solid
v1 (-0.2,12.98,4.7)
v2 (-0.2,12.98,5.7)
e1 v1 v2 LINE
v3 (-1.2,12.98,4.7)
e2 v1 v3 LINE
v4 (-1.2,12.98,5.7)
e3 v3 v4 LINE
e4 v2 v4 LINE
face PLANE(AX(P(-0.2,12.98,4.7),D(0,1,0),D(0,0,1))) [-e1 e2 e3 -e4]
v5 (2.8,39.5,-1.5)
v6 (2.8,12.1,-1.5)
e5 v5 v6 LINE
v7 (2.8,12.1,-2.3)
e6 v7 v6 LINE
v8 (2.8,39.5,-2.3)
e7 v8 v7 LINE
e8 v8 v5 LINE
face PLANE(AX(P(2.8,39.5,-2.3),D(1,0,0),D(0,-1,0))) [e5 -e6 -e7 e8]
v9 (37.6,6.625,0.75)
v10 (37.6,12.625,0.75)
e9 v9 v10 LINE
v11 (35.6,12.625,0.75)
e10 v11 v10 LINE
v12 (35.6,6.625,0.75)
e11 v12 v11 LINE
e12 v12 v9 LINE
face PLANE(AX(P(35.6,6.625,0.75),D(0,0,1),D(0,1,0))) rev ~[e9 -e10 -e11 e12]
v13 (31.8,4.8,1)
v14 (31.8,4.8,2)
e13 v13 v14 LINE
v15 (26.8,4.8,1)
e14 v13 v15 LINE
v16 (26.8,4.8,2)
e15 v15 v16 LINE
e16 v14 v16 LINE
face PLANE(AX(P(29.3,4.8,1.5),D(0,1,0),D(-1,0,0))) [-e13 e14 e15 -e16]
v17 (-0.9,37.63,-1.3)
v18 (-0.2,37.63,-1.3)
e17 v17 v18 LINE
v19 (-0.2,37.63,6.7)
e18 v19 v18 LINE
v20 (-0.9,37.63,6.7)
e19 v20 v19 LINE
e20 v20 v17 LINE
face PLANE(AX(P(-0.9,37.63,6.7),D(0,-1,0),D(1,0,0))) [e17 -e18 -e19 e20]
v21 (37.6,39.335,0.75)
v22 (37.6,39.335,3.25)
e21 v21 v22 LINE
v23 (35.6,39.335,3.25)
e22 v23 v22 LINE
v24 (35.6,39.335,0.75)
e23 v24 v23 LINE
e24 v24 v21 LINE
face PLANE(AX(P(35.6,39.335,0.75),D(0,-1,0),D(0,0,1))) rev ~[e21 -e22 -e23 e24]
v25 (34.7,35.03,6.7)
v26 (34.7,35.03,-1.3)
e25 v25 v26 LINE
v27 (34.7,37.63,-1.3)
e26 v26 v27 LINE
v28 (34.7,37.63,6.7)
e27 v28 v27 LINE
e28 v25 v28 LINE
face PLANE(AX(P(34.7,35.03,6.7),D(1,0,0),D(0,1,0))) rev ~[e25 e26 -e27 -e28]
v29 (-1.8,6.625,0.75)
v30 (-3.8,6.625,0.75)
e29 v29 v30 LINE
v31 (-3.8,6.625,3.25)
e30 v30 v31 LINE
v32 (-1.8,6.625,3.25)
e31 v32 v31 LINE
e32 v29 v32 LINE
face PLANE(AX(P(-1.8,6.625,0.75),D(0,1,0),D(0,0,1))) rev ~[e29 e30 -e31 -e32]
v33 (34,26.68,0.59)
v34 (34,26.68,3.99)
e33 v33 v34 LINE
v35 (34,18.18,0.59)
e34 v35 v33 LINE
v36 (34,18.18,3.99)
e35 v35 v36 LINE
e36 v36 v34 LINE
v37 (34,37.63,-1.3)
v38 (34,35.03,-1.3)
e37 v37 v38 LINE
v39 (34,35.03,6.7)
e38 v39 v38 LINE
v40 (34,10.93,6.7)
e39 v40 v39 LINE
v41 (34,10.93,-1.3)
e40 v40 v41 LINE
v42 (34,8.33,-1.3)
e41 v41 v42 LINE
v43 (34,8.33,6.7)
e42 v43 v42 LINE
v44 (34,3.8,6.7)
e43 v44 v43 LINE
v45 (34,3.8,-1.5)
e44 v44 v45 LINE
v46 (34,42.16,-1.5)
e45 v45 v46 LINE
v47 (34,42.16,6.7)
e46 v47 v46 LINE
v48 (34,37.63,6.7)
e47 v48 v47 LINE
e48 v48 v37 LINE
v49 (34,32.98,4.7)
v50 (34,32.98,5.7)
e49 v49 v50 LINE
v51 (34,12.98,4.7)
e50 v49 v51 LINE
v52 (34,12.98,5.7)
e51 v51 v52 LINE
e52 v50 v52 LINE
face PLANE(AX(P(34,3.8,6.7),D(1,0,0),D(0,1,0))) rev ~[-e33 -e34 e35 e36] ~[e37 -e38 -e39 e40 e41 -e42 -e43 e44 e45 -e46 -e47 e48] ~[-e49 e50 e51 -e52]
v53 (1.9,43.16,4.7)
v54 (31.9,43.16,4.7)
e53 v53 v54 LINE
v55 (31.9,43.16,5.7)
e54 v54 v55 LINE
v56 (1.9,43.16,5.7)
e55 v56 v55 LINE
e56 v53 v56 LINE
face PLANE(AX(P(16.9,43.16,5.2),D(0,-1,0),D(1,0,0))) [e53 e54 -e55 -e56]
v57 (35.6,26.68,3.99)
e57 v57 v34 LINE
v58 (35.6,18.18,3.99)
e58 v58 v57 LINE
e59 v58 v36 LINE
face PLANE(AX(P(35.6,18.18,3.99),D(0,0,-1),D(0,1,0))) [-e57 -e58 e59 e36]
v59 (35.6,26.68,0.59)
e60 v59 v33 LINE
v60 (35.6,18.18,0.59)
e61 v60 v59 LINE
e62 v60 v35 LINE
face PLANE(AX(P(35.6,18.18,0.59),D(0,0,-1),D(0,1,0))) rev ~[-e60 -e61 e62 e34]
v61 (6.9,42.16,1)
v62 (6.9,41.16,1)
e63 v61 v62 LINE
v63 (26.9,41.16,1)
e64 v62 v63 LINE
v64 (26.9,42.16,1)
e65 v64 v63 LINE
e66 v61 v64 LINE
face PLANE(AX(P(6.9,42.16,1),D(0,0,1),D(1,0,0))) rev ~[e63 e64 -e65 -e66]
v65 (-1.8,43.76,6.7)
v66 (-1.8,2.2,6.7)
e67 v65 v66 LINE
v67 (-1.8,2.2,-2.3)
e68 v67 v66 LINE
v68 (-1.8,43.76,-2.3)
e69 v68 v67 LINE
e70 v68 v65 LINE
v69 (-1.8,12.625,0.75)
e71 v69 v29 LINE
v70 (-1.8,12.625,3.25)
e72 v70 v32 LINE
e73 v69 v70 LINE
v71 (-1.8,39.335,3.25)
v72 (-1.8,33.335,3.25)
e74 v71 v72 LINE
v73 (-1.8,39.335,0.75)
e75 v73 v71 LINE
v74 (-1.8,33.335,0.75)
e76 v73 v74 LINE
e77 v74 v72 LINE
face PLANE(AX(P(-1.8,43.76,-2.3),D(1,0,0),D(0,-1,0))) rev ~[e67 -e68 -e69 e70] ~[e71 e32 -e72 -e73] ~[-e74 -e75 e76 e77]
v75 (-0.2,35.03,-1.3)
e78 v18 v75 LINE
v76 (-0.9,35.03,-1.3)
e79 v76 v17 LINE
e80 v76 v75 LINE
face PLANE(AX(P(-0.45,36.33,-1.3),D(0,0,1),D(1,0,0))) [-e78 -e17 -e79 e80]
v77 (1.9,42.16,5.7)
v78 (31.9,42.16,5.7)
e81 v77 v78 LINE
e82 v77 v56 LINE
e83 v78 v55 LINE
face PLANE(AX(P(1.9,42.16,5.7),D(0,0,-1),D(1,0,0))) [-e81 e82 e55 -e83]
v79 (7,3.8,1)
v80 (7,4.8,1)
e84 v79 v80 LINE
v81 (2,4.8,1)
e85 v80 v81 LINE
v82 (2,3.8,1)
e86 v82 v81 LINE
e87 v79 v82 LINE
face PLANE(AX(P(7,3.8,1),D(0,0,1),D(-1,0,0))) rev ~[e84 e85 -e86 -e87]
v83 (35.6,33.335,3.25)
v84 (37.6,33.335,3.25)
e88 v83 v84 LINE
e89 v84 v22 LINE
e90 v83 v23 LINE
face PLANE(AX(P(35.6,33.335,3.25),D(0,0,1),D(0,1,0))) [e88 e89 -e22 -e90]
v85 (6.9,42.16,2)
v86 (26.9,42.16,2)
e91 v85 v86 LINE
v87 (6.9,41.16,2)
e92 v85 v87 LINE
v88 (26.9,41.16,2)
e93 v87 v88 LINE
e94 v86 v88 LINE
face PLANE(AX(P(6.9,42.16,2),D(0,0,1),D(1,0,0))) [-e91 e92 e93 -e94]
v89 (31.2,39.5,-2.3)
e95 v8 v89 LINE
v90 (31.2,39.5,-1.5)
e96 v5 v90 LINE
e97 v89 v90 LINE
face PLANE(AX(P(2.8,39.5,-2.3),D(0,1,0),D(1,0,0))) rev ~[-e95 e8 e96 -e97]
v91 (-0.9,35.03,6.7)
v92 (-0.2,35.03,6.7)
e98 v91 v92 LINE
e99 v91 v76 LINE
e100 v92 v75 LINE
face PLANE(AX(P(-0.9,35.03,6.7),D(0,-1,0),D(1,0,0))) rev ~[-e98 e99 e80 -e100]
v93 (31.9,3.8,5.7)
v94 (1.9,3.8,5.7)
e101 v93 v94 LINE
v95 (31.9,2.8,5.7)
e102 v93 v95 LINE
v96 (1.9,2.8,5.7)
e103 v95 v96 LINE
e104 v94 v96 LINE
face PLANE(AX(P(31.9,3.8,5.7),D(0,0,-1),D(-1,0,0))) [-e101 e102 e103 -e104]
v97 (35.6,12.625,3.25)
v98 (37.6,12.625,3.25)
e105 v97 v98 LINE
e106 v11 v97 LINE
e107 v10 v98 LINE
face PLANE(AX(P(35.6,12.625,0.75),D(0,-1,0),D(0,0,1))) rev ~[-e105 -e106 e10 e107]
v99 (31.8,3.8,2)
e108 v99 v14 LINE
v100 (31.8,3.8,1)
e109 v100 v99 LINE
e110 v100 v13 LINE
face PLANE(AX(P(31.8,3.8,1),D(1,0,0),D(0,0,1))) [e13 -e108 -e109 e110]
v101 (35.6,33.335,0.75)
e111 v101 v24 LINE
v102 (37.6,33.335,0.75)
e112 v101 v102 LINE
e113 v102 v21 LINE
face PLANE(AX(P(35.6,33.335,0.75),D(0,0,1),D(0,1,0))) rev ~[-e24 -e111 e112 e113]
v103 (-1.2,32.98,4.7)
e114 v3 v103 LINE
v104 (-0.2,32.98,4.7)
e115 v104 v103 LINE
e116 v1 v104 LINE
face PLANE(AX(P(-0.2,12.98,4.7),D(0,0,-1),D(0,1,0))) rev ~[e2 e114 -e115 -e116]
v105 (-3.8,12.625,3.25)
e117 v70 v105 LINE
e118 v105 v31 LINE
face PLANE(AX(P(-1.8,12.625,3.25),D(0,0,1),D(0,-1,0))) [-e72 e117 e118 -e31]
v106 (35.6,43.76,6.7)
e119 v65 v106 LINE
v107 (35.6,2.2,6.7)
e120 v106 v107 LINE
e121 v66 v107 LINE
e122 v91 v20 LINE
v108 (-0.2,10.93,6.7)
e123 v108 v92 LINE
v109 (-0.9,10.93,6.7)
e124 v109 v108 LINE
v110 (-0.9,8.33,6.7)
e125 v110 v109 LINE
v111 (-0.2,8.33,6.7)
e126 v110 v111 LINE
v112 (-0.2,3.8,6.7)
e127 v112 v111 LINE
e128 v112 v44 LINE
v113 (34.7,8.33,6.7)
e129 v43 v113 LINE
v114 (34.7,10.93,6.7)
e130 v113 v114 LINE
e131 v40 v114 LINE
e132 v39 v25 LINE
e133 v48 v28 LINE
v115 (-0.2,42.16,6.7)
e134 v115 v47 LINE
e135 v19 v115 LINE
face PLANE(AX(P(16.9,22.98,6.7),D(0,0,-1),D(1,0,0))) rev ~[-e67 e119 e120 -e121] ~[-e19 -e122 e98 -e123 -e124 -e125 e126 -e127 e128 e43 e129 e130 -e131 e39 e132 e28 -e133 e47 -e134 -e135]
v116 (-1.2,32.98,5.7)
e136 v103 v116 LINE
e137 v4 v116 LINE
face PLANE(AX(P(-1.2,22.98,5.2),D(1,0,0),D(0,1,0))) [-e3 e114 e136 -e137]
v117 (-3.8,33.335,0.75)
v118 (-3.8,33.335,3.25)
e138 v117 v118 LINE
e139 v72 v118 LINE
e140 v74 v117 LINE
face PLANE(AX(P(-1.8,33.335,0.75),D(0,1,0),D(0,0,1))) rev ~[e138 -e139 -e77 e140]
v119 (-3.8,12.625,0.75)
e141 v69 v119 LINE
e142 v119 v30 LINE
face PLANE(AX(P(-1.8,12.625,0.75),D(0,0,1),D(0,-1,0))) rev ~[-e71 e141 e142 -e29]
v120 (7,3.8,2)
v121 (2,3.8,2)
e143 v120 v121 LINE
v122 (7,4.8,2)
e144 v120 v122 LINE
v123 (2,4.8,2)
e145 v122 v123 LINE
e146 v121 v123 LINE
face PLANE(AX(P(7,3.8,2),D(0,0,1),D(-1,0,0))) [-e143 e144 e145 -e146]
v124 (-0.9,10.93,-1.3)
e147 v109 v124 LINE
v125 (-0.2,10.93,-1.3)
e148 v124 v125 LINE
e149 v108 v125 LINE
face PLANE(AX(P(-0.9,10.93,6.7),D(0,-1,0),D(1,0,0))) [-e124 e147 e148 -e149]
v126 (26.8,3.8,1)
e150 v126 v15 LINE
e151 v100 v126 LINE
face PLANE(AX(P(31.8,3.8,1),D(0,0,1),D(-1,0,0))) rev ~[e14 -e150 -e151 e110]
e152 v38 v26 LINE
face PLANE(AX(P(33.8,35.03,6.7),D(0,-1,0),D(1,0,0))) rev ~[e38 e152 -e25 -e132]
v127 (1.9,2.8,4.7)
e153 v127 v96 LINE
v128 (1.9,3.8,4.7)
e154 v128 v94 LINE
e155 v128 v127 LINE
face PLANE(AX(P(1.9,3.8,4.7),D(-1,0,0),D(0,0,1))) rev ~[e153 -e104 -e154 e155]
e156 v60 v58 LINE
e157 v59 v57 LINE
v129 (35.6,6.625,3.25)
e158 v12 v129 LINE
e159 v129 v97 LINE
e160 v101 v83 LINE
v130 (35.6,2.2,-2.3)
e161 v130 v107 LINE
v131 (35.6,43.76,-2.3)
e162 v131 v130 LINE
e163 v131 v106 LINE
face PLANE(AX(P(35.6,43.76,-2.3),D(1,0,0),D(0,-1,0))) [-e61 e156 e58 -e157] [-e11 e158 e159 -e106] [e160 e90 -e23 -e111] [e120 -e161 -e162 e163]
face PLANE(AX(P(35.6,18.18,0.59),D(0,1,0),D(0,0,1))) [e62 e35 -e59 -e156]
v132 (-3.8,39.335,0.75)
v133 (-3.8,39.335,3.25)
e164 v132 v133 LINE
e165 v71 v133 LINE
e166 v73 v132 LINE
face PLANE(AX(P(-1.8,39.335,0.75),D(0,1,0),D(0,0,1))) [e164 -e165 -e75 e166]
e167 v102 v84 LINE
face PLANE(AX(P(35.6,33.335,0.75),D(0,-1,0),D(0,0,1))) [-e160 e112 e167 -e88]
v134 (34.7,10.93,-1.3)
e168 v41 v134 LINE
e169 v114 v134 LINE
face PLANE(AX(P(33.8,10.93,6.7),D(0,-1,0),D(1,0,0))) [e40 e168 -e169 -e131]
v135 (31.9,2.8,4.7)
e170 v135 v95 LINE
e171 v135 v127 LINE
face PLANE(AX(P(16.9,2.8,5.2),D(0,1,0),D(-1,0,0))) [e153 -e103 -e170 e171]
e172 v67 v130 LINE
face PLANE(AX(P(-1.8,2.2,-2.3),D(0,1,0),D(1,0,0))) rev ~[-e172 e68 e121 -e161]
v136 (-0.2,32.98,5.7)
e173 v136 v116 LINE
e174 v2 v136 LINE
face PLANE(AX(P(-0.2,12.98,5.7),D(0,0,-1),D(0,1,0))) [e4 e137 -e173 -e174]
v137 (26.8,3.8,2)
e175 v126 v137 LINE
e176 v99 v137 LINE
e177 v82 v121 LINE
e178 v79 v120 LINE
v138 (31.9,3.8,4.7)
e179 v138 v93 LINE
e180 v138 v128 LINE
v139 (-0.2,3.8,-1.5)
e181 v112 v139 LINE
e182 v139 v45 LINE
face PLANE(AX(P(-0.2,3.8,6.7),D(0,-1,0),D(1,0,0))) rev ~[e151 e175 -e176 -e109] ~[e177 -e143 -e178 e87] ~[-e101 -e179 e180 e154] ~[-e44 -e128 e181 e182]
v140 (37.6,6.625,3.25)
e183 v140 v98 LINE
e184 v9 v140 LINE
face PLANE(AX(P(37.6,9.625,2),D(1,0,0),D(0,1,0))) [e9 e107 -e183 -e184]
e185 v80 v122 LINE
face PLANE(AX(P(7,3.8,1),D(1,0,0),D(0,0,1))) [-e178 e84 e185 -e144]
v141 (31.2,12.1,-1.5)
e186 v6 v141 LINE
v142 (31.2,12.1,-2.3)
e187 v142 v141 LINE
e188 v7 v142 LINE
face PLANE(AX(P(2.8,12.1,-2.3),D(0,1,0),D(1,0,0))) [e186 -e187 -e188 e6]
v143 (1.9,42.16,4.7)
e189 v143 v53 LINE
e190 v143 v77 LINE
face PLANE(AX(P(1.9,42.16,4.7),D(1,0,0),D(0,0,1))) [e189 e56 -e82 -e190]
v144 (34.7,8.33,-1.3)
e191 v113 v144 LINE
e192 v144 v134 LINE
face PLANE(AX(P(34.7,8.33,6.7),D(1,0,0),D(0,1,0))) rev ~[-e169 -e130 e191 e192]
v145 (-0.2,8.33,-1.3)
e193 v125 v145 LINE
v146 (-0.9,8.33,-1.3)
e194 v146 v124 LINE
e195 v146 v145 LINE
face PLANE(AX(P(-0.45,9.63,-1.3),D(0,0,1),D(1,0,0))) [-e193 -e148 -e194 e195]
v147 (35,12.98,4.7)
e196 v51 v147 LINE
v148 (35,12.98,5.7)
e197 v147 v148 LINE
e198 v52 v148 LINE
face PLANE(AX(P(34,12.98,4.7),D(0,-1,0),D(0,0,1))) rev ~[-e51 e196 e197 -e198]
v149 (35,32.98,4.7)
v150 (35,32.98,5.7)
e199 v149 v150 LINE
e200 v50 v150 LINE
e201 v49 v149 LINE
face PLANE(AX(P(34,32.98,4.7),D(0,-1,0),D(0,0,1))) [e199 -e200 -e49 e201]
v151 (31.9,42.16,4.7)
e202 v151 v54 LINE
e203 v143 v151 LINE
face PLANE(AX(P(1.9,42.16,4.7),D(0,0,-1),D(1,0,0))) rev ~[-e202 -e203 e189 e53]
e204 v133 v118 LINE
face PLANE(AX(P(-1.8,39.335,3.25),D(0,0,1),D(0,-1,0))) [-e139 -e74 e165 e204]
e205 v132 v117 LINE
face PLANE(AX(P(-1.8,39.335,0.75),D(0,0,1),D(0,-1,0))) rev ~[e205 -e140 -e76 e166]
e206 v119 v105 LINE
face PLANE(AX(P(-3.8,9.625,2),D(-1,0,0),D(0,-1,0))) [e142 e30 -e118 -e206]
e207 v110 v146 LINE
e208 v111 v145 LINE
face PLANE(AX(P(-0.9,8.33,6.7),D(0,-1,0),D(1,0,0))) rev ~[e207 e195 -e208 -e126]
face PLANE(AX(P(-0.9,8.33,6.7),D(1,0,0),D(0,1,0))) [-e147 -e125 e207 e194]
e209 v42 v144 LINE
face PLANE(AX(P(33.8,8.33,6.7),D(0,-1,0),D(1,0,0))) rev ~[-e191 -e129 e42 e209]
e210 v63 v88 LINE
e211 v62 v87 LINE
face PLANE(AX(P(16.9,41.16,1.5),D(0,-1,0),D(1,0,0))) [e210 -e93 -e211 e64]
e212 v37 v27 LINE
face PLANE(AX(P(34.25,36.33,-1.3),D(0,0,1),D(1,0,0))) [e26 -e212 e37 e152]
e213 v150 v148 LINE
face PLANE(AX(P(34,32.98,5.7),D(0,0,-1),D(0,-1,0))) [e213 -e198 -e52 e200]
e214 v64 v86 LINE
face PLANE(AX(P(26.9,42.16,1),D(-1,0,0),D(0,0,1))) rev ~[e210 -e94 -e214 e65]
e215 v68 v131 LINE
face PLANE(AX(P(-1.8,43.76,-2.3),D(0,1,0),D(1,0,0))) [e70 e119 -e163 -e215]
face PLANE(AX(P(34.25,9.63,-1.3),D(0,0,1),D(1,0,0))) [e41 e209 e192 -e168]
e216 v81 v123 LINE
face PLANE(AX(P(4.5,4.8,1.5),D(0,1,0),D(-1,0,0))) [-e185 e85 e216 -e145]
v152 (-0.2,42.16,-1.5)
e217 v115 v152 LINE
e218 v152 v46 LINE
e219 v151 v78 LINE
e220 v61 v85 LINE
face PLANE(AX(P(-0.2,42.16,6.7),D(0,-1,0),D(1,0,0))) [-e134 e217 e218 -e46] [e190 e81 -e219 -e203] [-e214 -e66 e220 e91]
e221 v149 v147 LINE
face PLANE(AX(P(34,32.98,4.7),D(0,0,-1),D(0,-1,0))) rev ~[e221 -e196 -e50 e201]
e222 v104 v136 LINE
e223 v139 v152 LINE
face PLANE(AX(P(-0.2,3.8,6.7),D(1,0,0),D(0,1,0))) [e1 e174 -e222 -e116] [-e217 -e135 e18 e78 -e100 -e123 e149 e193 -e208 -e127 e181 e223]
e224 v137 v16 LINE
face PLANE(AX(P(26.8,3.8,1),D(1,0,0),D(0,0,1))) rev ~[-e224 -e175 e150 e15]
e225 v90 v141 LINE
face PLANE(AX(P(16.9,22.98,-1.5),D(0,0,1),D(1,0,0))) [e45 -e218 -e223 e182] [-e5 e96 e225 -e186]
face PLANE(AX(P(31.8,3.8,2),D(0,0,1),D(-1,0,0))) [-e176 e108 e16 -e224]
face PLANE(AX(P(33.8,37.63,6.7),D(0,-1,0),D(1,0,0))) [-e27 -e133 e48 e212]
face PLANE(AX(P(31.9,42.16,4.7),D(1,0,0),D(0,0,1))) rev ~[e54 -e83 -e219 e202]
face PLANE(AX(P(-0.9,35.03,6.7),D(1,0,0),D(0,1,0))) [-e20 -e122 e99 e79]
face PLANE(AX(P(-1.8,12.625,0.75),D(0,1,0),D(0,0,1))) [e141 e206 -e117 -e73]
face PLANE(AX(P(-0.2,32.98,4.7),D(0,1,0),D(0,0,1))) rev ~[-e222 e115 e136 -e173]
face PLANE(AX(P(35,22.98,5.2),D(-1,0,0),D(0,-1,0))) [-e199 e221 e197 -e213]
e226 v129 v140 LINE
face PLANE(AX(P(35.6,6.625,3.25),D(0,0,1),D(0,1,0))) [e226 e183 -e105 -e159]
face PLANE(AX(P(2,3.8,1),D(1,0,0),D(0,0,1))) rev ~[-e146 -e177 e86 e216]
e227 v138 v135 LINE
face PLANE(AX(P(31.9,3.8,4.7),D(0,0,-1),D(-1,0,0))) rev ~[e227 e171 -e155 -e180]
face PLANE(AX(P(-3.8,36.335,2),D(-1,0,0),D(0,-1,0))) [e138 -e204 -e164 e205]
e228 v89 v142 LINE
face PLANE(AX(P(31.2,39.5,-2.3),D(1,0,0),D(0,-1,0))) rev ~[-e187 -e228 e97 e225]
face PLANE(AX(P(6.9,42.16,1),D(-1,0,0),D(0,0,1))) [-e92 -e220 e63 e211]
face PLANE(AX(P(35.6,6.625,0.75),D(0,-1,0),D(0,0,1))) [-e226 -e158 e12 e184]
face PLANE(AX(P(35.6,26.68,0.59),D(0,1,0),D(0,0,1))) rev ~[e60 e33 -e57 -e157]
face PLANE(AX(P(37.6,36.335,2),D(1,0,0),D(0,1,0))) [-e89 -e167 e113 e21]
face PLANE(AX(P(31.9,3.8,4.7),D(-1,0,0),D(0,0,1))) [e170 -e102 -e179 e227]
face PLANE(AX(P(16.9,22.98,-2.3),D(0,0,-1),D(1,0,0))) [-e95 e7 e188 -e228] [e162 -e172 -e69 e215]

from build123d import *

# Parameters (mm, degrees)
SKETCH030_W     = 37.4
SKETCH030_H     = 41.56
PAD023_DEPTH    = 9
SKETCH031_W     = 28.4
SKETCH031_H     = 27.4
POCKET016_DEPTH = 0.8
SKETCH032_W     = 34.2
SKETCH032_H     = 38.36
POCKET017_DEPTH = 8.2
SKETCH033_W     = 0.9
SKETCH033_H     = 2.6
POCKET018_DEPTH = 8
SKETCH034_W     = 8.5
SKETCH034_H     = 3.4
POCKET019_DEPTH = 5
SKETCH035_W     = 6
SKETCH035_H     = 2.5
PAD024_DEPTH    = 2
SKETCH036_W     = 6
SKETCH036_H     = 2.5
PAD025_DEPTH    = 2
SKETCH037_W     = 20
SKETCH037_H     = 1
PAD026_DEPTH    = 1
SKETCH038_W     = 5
SKETCH038_H     = 1
PAD027_DEPTH    = 1
SKETCH039_W     = 30
SKETCH039_H     = 1
POCKET020_DEPTH = 1
SKETCH040_W     = 30
SKETCH040_H     = 1
POCKET021_DEPTH = 1
SKETCH041_W     = 20
SKETCH041_H     = 1
POCKET022_DEPTH = 1
SKETCH042_W     = 20
SKETCH042_H     = 1
POCKET023_DEPTH = 1


with BuildPart() as part:
    # Sketch030 (on Face1 of ShapeBinder004) → Pad023 (new body)
    with BuildSketch(Plane(origin=(0, 0, -2.3), x_dir=(1, 0, 0), z_dir=(0, 0, -1))):
        with Locations((16.9, -22.98)):
            Rectangle(SKETCH030_W, SKETCH030_H)
    extrude(amount=-PAD023_DEPTH)

    # Sketch031 (on Face5 of Pad023) → Pocket016 (cut)
    with BuildSketch(Plane(origin=(0, 0, -2.3), x_dir=(1, 0, 0), z_dir=(0, 0, -1))):
        with Locations((17, -25.8)):
            Rectangle(SKETCH031_W, SKETCH031_H)
    extrude(amount=-POCKET016_DEPTH, mode=Mode.SUBTRACT)

    # Sketch032 (on Face5 of Pocket016) → Pocket017 (cut)
    with BuildSketch(Plane.XY.offset(6.7)):
        with Locations((16.9, 22.98)):
            Rectangle(SKETCH032_W, SKETCH032_H)
    extrude(amount=-POCKET017_DEPTH, mode=Mode.SUBTRACT)

    # Sketch033 (on Face5 of Pocket017) → Pocket018 (cut)
    with BuildSketch(Plane.XY.offset(6.7)):
        with Locations((34.25, 9.63)):
            Rectangle(SKETCH033_W, SKETCH033_H)
        with Locations((34.25, 36.33)):
            Rectangle(SKETCH033_W, SKETCH033_H)
        with Locations((-0.45, 9.63)):
            Rectangle(SKETCH033_W, SKETCH033_H)
        with Locations((-0.45, 36.33)):
            Rectangle(SKETCH033_W, SKETCH033_H)
    extrude(amount=-POCKET018_DEPTH, mode=Mode.SUBTRACT)

    # Sketch034 (on Face3 of Pocket018) → Pocket019 (cut)
    with BuildSketch(Plane(origin=(35.6, 0, -0.8), x_dir=(0, 1, 0), z_dir=(1, 0, 0))):
        with Locations((22.43, 3.09)):
            Rectangle(SKETCH034_W, SKETCH034_H)
    extrude(amount=-POCKET019_DEPTH, mode=Mode.SUBTRACT)

    # Sketch035 (on Face2 of Pocket019) → Pad024 (join)
    with BuildSketch(Plane(origin=(-1.8, 0, -0.8), x_dir=(0, -1, 0), z_dir=(-1, 0, 0))):
        with Locations((-9.625, 2.8)):
            Rectangle(SKETCH035_W, SKETCH035_H)
        with Locations((-36.335, 2.8)):
            Rectangle(SKETCH035_W, SKETCH035_H)
    extrude(amount=PAD024_DEPTH)

    # Sketch036 (on Face3 of Pad024) → Pad025 (join)
    with BuildSketch(Plane(origin=(35.6, 0, -0.8), x_dir=(0, 1, 0), z_dir=(1, 0, 0))):
        with Locations((9.625, 2.8)):
            Rectangle(SKETCH036_W, SKETCH036_H)
        with Locations((36.335, 2.8)):
            Rectangle(SKETCH036_W, SKETCH036_H)
    extrude(amount=PAD025_DEPTH)

    # Sketch037 (on Face39 of Pad025) → Pad026 (join)
    with BuildSketch(Plane(origin=(0, 42.16, -0.8), x_dir=(1, 0, 0), z_dir=(0, -1, 0))):
        with Locations((16.9, 2.3)):
            Rectangle(SKETCH037_W, SKETCH037_H)
    extrude(amount=PAD026_DEPTH)

    # Sketch038 (on Face31 of Pad026) → Pad027 (join)
    with BuildSketch(Plane(origin=(0, 3.8, -0.8), x_dir=(-1, 0, 0), z_dir=(0, 1, 0))):
        with Locations((-29.3, 2.3)):
            Rectangle(SKETCH038_W, SKETCH038_H)
        with Locations((-4.5, 2.3)):
            Rectangle(SKETCH038_W, SKETCH038_H)
    extrude(amount=PAD027_DEPTH)

    # Sketch039 (on Face39 of Pad027) → Pocket020 (cut)
    with BuildSketch(Plane(origin=(0, 42.16, -0.8), x_dir=(1, 0, 0), z_dir=(0, -1, 0))):
        with Locations((16.9, 6)):
            Rectangle(SKETCH039_W, SKETCH039_H)
    extrude(amount=-POCKET020_DEPTH, mode=Mode.SUBTRACT)

    # Sketch040 (on Face31 of Pocket020) → Pocket021 (cut)
    with BuildSketch(Plane(origin=(0, 3.8, -0.8), x_dir=(-1, 0, 0), z_dir=(0, 1, 0))):
        with Locations((-16.9, 6)):
            Rectangle(SKETCH040_W, SKETCH040_H)
    extrude(amount=-POCKET021_DEPTH, mode=Mode.SUBTRACT)

    # Sketch041 (on Face32 of Pocket021) → Pocket022 (cut)
    with BuildSketch(Plane(origin=(34, 0, -0.8), x_dir=(0, -1, 0), z_dir=(-1, 0, 0))):
        with Locations((-22.98, 6)):
            Rectangle(SKETCH041_W, SKETCH041_H)
    extrude(amount=-POCKET022_DEPTH, mode=Mode.SUBTRACT)

    # Sketch042 (on Face40 of Pocket022) → Pocket023 (cut)
    with BuildSketch(Plane(origin=(-0.2, 0, -0.8), x_dir=(0, 1, 0), z_dir=(1, 0, 0))):
        with Locations((22.98, 6)):
            Rectangle(SKETCH042_W, SKETCH042_H)
    extrude(amount=-POCKET023_DEPTH, mode=Mode.SUBTRACT)


solid = part.part
